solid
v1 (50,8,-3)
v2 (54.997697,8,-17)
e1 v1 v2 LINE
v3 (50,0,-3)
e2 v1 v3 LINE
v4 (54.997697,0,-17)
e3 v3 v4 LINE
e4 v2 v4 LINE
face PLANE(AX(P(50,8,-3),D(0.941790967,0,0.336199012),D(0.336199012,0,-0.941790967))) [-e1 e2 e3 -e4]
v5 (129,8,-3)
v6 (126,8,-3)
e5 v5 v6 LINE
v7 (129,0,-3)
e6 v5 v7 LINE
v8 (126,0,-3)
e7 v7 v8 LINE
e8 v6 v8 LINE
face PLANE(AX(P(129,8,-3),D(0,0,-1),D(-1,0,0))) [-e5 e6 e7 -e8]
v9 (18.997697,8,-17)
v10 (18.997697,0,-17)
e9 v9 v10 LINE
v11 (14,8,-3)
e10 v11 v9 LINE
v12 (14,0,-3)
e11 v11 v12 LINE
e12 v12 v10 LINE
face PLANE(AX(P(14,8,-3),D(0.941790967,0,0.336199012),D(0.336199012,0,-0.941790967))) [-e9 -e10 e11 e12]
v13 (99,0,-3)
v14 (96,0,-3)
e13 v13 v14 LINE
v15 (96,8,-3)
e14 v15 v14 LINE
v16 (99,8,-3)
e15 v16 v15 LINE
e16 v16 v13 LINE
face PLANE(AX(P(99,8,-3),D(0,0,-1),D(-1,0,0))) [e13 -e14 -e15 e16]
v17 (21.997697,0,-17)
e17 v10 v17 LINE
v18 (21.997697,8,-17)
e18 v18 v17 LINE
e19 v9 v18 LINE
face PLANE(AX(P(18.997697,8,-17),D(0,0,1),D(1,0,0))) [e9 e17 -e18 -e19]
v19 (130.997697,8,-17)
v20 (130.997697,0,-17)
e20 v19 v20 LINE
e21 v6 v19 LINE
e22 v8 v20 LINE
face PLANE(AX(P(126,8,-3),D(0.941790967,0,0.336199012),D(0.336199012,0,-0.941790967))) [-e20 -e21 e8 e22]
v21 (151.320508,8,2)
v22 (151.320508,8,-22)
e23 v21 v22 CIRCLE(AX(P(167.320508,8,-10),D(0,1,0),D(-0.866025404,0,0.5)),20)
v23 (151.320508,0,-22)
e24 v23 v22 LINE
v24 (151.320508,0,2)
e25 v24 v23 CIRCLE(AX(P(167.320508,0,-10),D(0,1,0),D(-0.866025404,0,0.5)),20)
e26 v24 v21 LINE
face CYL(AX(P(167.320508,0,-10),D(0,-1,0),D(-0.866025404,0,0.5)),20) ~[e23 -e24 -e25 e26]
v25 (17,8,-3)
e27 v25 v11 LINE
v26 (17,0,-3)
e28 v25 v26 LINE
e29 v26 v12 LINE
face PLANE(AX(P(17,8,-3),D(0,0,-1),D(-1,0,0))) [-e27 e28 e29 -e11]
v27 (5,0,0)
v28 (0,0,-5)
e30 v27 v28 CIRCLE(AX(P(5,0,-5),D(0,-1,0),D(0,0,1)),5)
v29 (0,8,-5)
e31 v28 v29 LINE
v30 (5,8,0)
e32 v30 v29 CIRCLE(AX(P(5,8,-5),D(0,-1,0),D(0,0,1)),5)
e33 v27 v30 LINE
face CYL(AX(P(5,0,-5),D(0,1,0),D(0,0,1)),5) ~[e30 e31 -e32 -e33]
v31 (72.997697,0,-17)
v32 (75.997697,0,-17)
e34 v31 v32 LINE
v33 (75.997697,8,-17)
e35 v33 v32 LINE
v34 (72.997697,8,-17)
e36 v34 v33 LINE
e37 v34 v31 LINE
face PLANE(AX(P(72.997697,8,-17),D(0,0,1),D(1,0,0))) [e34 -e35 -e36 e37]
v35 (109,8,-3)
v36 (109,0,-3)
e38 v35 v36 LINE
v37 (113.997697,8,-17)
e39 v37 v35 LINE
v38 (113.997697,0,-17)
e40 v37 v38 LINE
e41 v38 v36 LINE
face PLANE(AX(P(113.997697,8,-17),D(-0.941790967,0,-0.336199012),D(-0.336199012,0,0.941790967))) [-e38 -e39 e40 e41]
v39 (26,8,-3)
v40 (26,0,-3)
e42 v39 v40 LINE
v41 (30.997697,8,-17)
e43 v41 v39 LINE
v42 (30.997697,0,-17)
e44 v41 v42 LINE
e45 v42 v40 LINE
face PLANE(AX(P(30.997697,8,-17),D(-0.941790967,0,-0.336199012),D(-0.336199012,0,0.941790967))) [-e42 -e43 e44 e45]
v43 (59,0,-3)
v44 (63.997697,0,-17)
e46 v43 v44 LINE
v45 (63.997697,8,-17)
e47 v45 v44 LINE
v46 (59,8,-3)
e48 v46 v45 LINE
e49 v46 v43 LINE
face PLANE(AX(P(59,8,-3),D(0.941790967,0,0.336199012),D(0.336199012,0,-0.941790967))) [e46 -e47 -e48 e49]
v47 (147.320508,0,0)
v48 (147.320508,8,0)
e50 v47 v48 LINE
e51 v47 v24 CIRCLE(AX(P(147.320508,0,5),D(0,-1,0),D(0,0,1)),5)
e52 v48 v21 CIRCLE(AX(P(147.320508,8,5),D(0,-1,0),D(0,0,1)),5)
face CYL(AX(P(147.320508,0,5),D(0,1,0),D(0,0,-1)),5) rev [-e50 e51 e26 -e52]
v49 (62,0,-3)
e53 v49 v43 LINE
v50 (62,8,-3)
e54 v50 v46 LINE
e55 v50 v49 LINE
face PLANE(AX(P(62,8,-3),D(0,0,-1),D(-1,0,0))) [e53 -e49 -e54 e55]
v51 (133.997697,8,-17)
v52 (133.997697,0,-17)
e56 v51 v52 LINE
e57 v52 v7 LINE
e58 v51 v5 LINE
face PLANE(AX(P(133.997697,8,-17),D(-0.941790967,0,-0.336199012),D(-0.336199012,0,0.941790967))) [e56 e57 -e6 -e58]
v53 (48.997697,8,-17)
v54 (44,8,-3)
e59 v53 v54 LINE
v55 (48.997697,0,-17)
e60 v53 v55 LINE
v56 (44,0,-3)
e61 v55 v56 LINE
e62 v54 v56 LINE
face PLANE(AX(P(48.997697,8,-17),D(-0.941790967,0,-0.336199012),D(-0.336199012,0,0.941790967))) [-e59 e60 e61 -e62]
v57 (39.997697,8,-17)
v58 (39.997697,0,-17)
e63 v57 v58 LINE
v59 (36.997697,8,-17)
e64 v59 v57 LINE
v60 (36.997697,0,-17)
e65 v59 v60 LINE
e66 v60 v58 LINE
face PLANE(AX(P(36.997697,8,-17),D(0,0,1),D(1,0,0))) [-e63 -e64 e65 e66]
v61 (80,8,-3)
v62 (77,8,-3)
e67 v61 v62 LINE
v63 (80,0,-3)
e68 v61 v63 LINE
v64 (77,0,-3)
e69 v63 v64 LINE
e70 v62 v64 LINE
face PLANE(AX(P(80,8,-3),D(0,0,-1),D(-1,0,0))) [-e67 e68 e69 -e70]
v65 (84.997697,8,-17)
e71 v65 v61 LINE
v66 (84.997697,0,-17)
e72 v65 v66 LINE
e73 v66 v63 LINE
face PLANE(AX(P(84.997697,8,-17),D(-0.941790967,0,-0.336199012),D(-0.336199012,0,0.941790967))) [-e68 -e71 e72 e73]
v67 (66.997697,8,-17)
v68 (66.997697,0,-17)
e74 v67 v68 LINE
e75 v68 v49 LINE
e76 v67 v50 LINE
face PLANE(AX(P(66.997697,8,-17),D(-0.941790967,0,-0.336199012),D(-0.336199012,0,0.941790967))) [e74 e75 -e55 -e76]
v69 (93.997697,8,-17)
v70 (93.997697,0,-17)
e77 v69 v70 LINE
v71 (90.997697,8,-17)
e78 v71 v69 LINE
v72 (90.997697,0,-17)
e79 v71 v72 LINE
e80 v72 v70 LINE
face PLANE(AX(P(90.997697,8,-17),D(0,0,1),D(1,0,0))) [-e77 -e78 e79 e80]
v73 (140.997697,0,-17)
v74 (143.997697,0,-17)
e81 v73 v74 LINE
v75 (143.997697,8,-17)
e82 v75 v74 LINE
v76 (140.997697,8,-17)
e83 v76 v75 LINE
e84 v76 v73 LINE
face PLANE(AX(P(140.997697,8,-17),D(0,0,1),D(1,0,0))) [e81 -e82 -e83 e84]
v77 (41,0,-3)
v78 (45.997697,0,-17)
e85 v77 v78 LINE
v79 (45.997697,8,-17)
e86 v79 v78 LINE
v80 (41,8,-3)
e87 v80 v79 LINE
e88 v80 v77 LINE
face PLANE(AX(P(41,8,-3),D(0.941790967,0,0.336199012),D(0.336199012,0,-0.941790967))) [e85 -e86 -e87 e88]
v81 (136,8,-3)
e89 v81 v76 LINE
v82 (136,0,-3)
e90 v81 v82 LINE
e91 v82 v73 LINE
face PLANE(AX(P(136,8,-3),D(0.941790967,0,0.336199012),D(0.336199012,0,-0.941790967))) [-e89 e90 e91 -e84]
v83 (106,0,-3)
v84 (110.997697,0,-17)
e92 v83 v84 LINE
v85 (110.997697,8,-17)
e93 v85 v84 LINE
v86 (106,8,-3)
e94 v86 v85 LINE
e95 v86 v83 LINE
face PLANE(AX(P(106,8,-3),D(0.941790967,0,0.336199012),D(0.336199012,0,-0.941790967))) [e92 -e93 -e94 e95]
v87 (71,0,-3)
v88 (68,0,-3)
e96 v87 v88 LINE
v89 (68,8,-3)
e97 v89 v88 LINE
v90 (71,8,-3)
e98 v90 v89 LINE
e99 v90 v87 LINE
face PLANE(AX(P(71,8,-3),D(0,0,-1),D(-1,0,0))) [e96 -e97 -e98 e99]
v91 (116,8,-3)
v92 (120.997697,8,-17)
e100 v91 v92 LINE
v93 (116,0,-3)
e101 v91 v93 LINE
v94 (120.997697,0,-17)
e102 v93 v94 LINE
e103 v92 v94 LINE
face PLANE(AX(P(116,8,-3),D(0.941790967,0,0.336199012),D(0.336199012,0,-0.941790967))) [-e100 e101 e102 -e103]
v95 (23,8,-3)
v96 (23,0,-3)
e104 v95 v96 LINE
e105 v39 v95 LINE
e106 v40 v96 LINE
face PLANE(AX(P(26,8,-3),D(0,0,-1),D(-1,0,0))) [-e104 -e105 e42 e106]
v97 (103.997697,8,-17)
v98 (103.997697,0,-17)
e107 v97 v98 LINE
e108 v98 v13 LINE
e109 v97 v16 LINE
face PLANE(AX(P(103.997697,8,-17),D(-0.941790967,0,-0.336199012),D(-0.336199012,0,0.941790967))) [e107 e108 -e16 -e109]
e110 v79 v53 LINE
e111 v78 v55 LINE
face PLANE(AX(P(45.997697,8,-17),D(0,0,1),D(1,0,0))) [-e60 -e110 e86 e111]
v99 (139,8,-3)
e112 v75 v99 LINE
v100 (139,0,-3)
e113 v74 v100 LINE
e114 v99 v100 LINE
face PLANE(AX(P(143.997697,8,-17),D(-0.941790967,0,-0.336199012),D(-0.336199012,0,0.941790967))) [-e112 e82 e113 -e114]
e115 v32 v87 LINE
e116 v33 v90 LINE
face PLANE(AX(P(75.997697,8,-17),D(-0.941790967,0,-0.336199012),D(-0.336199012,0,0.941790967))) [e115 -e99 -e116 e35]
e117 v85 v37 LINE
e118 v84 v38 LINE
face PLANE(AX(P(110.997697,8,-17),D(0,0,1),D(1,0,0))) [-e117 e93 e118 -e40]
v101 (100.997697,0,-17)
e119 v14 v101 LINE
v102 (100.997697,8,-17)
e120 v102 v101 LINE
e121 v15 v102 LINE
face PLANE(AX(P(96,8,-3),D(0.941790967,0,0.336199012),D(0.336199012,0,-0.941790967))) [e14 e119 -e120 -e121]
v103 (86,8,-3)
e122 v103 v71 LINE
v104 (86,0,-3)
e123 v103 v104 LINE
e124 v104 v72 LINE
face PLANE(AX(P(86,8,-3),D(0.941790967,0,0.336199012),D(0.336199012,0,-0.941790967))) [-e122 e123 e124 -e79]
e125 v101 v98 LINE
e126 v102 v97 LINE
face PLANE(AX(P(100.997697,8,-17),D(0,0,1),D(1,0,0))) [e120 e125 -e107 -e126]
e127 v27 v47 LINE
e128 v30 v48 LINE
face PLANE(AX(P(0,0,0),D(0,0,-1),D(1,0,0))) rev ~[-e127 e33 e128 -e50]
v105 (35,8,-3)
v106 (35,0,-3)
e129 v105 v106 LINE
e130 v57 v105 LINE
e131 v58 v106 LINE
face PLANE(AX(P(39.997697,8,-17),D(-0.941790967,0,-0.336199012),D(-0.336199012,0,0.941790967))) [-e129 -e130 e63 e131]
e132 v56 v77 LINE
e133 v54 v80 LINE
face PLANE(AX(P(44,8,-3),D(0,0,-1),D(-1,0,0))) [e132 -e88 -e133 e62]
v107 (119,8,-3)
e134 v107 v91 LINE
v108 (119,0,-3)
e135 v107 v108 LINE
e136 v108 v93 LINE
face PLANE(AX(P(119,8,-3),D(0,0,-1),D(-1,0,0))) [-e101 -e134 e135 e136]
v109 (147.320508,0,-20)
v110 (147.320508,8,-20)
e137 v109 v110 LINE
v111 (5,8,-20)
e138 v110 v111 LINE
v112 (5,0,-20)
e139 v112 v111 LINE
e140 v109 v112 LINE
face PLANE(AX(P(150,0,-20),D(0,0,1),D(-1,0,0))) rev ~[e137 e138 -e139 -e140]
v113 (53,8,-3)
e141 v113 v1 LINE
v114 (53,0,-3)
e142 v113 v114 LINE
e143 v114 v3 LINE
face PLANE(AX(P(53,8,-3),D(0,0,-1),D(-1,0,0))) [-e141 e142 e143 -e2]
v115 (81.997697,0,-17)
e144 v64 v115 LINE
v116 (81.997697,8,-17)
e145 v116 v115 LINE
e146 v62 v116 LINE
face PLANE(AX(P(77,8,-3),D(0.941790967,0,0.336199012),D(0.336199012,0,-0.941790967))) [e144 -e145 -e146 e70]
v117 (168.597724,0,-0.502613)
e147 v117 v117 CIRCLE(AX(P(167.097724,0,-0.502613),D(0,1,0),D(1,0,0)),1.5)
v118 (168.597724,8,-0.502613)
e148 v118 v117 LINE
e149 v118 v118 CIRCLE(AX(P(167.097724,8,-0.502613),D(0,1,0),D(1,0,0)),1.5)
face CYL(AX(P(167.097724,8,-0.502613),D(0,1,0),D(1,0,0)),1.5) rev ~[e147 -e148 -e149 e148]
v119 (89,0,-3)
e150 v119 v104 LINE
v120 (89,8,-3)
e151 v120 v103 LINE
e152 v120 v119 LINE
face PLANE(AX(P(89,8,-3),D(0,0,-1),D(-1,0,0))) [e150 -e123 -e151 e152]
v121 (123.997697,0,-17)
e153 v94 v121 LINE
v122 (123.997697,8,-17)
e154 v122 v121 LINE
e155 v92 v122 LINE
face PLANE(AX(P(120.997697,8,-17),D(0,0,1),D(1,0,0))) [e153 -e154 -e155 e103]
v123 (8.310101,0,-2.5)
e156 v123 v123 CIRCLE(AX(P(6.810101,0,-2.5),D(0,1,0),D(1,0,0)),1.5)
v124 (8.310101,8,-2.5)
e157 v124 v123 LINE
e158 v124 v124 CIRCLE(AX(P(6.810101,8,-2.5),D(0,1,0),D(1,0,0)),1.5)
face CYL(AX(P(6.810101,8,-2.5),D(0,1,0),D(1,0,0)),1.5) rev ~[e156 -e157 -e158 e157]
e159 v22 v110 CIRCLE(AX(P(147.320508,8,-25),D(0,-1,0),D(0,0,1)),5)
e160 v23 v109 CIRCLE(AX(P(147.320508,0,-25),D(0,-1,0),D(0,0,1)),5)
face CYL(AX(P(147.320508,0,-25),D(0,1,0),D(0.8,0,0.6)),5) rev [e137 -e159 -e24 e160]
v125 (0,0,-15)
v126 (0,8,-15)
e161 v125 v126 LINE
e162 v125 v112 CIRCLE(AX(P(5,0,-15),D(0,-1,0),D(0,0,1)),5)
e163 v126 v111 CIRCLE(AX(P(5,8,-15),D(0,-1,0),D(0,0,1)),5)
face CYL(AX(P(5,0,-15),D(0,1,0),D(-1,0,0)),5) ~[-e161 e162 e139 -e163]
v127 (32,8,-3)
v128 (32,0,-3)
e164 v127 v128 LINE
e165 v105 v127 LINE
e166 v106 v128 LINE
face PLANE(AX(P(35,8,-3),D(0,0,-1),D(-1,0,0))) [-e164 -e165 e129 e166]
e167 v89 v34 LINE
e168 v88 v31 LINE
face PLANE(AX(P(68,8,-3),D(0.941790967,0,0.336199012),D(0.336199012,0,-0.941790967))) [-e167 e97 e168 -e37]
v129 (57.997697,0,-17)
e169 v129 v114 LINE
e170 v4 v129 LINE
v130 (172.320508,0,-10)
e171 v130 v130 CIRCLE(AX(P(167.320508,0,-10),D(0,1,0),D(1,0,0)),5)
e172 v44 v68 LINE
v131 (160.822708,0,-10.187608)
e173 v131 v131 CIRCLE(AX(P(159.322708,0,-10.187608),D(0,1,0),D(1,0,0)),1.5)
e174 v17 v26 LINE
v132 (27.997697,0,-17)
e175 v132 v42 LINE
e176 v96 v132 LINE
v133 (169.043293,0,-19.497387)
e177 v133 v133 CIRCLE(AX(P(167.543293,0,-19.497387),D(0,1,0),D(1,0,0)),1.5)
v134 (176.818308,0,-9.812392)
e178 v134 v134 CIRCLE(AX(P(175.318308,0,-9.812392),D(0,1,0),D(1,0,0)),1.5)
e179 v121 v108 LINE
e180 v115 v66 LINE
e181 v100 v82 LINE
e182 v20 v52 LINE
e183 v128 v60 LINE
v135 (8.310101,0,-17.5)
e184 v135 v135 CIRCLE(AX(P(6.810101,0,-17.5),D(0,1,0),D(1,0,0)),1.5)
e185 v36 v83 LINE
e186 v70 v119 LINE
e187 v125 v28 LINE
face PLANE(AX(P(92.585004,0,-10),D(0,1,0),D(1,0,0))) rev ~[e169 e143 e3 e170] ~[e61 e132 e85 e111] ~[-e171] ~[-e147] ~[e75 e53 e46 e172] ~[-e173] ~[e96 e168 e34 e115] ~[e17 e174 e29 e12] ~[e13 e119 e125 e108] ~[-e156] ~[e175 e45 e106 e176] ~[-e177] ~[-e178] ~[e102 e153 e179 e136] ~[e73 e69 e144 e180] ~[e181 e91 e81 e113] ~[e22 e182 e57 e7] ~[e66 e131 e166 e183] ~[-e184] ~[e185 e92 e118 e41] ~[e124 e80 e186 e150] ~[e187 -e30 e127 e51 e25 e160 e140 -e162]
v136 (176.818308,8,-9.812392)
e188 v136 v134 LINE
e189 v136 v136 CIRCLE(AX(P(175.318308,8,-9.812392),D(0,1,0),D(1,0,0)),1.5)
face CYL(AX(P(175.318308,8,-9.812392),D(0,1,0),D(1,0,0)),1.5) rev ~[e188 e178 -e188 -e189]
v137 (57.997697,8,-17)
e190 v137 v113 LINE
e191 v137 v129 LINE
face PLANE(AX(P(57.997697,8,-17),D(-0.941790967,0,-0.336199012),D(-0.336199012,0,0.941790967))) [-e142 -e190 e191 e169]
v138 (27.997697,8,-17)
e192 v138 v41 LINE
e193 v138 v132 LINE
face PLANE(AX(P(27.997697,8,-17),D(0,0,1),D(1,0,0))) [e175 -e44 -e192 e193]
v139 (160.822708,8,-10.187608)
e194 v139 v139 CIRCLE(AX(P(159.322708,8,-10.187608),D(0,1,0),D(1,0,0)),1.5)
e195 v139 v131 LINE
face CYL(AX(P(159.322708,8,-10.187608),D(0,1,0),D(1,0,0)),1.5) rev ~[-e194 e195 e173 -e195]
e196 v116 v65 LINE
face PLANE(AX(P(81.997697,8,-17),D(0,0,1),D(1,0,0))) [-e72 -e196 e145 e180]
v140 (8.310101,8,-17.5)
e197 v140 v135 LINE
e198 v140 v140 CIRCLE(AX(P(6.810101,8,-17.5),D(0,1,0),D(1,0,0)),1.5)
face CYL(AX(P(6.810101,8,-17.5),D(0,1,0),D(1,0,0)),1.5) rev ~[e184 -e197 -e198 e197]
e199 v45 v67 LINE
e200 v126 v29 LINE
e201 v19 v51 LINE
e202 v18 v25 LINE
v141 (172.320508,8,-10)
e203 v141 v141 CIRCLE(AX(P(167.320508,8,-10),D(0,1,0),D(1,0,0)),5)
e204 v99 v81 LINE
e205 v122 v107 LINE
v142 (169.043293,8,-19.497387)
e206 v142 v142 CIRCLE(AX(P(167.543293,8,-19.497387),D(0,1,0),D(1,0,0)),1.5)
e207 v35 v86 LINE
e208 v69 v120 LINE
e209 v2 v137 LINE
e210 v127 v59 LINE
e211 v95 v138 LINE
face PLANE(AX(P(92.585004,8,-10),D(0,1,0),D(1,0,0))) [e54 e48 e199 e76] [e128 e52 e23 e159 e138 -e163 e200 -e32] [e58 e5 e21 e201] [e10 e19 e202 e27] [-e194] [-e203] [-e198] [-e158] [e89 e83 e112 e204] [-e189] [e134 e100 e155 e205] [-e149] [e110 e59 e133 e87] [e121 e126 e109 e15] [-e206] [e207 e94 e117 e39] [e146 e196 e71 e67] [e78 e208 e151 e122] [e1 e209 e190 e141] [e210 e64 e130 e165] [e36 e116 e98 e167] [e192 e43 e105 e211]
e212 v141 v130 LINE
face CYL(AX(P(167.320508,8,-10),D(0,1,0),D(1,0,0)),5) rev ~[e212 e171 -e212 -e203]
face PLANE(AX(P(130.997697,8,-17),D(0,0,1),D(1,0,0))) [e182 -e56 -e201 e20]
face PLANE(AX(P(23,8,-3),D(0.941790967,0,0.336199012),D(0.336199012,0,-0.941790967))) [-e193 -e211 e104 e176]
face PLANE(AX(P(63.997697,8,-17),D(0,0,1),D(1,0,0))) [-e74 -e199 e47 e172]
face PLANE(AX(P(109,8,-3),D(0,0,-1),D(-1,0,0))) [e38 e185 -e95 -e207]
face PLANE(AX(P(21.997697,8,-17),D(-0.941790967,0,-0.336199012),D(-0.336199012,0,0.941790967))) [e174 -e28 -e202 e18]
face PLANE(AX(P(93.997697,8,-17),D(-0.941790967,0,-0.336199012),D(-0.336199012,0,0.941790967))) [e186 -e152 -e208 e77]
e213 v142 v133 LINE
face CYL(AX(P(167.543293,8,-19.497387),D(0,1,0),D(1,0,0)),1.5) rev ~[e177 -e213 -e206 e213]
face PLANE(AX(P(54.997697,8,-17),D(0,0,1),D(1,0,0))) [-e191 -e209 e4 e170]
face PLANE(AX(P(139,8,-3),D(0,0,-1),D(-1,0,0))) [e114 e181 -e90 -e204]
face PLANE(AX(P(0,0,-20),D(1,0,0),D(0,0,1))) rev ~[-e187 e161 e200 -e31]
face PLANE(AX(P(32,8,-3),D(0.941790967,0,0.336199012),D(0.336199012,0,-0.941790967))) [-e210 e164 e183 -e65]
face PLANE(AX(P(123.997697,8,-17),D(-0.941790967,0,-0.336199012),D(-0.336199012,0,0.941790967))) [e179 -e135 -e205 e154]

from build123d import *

# Parameters (mm, degrees)
BOSS_EXTRUDE1_DEPTH = 8
SKETCH2_R           = 1.5
SKETCH2_R_2         = 5
CUT_EXTRUDE1_DEPTH  = 25
FILLET1_R           = 5
CUT_EXTRUDE2_DEPTH  = 25
SKETCH5_R           = 1.5
CUT_EXTRUDE3_DEPTH  = 25


with BuildPart() as part:
    # Sketch1 → Boss-Extrude1 (new body)
    with BuildSketch(Plane(origin=(0, 0, 0), x_dir=(1, 0, 0), z_dir=(0, 1, 0))):
        with BuildLine():
            Line((0, 0), (150, 0))
            ThreePointArc((150, 0), (187.320508076, 10), (150, 20))
            Line((150, 20), (0, 20))
            Line((0, 20), (0, 0))
        make_face()
    extrude(amount=BOSS_EXTRUDE1_DEPTH)

    # Sketch2 → Cut-Extrude1 (cut)
    with BuildSketch(Plane(origin=(0, 8, 0), x_dir=(1, 0, 0), z_dir=(0, 1, 0))):
        with Locations((167.097723626, 0.502612618)):
            Circle(SKETCH2_R)
        with Locations((167.543292526, 19.497387382)):
            Circle(SKETCH2_R)
        with Locations((175.318307977, 9.812392042)):
            Circle(SKETCH2_R)
        with Locations((159.322708175, 10.187607958)):
            Circle(SKETCH2_R)
        with Locations((167.320508076, 10)):
            Circle(SKETCH2_R_2)
    extrude(amount=-CUT_EXTRUDE1_DEPTH, mode=Mode.SUBTRACT)

    # Fillet1
    fillet1_edges = [part.edges().sort_by_distance(p)[0] for p in [
        (0, 4, -20),
        (150, 4, -20),
        (150, 4, 0),
        (0, 4, 0),
    ]]
    fillet(fillet1_edges, radius=FILLET1_R)

    # Sketch4 → Cut-Extrude2 (cut)
    with BuildSketch(Plane(origin=(0, 8, 0), x_dir=(1, 0, 0), z_dir=(0, 1, 0))):
        Polygon((96, 3), (100.99769729, 17), (103.99769729, 17), (99, 3), align=None)
        Polygon((21.99769729, 17), (17, 3), (14, 3), (18.99769729, 17), align=None)
        Polygon((30.99769729, 17), (26, 3), (23, 3), (27.99769729, 17), align=None)
        Polygon((39.99769729, 17), (35, 3), (32, 3), (36.99769729, 17), align=None)
        Polygon((48.99769729, 17), (44, 3), (41, 3), (45.99769729, 17), align=None)
        Polygon((57.99769729, 17), (53, 3), (50, 3), (54.99769729, 17), align=None)
        Polygon((66.99769729, 17), (62, 3), (59, 3), (63.99769729, 17), align=None)
        Polygon((75.99769729, 17), (71, 3), (68, 3), (72.99769729, 17), align=None)
        Polygon((84.99769729, 17), (80, 3), (77, 3), (81.99769729, 17), align=None)
        Polygon((93.99769729, 17), (89, 3), (86, 3), (90.99769729, 17), align=None)
        Polygon((106, 3), (110.99769729, 17), (113.99769729, 17), (109, 3), align=None)
        Polygon((116, 3), (120.99769729, 17), (123.99769729, 17), (119, 3), align=None)
        Polygon((126, 3), (130.99769729, 17), (133.99769729, 17), (129, 3), align=None)
        Polygon((136, 3), (140.99769729, 17), (143.99769729, 17), (139, 3), align=None)
    extrude(amount=-CUT_EXTRUDE2_DEPTH, mode=Mode.SUBTRACT)

    # Sketch5 → Cut-Extrude3 (cut)
    with BuildSketch(Plane(origin=(0, 8, 0), x_dir=(1, 0, 0), z_dir=(0, 1, 0))):
        with Locations((6.810101414, 17.5)):
            Circle(SKETCH5_R)
        with Locations((6.810101414, 2.5)):
            Circle(SKETCH5_R)
    extrude(amount=-CUT_EXTRUDE3_DEPTH, mode=Mode.SUBTRACT)


solid = part.part
